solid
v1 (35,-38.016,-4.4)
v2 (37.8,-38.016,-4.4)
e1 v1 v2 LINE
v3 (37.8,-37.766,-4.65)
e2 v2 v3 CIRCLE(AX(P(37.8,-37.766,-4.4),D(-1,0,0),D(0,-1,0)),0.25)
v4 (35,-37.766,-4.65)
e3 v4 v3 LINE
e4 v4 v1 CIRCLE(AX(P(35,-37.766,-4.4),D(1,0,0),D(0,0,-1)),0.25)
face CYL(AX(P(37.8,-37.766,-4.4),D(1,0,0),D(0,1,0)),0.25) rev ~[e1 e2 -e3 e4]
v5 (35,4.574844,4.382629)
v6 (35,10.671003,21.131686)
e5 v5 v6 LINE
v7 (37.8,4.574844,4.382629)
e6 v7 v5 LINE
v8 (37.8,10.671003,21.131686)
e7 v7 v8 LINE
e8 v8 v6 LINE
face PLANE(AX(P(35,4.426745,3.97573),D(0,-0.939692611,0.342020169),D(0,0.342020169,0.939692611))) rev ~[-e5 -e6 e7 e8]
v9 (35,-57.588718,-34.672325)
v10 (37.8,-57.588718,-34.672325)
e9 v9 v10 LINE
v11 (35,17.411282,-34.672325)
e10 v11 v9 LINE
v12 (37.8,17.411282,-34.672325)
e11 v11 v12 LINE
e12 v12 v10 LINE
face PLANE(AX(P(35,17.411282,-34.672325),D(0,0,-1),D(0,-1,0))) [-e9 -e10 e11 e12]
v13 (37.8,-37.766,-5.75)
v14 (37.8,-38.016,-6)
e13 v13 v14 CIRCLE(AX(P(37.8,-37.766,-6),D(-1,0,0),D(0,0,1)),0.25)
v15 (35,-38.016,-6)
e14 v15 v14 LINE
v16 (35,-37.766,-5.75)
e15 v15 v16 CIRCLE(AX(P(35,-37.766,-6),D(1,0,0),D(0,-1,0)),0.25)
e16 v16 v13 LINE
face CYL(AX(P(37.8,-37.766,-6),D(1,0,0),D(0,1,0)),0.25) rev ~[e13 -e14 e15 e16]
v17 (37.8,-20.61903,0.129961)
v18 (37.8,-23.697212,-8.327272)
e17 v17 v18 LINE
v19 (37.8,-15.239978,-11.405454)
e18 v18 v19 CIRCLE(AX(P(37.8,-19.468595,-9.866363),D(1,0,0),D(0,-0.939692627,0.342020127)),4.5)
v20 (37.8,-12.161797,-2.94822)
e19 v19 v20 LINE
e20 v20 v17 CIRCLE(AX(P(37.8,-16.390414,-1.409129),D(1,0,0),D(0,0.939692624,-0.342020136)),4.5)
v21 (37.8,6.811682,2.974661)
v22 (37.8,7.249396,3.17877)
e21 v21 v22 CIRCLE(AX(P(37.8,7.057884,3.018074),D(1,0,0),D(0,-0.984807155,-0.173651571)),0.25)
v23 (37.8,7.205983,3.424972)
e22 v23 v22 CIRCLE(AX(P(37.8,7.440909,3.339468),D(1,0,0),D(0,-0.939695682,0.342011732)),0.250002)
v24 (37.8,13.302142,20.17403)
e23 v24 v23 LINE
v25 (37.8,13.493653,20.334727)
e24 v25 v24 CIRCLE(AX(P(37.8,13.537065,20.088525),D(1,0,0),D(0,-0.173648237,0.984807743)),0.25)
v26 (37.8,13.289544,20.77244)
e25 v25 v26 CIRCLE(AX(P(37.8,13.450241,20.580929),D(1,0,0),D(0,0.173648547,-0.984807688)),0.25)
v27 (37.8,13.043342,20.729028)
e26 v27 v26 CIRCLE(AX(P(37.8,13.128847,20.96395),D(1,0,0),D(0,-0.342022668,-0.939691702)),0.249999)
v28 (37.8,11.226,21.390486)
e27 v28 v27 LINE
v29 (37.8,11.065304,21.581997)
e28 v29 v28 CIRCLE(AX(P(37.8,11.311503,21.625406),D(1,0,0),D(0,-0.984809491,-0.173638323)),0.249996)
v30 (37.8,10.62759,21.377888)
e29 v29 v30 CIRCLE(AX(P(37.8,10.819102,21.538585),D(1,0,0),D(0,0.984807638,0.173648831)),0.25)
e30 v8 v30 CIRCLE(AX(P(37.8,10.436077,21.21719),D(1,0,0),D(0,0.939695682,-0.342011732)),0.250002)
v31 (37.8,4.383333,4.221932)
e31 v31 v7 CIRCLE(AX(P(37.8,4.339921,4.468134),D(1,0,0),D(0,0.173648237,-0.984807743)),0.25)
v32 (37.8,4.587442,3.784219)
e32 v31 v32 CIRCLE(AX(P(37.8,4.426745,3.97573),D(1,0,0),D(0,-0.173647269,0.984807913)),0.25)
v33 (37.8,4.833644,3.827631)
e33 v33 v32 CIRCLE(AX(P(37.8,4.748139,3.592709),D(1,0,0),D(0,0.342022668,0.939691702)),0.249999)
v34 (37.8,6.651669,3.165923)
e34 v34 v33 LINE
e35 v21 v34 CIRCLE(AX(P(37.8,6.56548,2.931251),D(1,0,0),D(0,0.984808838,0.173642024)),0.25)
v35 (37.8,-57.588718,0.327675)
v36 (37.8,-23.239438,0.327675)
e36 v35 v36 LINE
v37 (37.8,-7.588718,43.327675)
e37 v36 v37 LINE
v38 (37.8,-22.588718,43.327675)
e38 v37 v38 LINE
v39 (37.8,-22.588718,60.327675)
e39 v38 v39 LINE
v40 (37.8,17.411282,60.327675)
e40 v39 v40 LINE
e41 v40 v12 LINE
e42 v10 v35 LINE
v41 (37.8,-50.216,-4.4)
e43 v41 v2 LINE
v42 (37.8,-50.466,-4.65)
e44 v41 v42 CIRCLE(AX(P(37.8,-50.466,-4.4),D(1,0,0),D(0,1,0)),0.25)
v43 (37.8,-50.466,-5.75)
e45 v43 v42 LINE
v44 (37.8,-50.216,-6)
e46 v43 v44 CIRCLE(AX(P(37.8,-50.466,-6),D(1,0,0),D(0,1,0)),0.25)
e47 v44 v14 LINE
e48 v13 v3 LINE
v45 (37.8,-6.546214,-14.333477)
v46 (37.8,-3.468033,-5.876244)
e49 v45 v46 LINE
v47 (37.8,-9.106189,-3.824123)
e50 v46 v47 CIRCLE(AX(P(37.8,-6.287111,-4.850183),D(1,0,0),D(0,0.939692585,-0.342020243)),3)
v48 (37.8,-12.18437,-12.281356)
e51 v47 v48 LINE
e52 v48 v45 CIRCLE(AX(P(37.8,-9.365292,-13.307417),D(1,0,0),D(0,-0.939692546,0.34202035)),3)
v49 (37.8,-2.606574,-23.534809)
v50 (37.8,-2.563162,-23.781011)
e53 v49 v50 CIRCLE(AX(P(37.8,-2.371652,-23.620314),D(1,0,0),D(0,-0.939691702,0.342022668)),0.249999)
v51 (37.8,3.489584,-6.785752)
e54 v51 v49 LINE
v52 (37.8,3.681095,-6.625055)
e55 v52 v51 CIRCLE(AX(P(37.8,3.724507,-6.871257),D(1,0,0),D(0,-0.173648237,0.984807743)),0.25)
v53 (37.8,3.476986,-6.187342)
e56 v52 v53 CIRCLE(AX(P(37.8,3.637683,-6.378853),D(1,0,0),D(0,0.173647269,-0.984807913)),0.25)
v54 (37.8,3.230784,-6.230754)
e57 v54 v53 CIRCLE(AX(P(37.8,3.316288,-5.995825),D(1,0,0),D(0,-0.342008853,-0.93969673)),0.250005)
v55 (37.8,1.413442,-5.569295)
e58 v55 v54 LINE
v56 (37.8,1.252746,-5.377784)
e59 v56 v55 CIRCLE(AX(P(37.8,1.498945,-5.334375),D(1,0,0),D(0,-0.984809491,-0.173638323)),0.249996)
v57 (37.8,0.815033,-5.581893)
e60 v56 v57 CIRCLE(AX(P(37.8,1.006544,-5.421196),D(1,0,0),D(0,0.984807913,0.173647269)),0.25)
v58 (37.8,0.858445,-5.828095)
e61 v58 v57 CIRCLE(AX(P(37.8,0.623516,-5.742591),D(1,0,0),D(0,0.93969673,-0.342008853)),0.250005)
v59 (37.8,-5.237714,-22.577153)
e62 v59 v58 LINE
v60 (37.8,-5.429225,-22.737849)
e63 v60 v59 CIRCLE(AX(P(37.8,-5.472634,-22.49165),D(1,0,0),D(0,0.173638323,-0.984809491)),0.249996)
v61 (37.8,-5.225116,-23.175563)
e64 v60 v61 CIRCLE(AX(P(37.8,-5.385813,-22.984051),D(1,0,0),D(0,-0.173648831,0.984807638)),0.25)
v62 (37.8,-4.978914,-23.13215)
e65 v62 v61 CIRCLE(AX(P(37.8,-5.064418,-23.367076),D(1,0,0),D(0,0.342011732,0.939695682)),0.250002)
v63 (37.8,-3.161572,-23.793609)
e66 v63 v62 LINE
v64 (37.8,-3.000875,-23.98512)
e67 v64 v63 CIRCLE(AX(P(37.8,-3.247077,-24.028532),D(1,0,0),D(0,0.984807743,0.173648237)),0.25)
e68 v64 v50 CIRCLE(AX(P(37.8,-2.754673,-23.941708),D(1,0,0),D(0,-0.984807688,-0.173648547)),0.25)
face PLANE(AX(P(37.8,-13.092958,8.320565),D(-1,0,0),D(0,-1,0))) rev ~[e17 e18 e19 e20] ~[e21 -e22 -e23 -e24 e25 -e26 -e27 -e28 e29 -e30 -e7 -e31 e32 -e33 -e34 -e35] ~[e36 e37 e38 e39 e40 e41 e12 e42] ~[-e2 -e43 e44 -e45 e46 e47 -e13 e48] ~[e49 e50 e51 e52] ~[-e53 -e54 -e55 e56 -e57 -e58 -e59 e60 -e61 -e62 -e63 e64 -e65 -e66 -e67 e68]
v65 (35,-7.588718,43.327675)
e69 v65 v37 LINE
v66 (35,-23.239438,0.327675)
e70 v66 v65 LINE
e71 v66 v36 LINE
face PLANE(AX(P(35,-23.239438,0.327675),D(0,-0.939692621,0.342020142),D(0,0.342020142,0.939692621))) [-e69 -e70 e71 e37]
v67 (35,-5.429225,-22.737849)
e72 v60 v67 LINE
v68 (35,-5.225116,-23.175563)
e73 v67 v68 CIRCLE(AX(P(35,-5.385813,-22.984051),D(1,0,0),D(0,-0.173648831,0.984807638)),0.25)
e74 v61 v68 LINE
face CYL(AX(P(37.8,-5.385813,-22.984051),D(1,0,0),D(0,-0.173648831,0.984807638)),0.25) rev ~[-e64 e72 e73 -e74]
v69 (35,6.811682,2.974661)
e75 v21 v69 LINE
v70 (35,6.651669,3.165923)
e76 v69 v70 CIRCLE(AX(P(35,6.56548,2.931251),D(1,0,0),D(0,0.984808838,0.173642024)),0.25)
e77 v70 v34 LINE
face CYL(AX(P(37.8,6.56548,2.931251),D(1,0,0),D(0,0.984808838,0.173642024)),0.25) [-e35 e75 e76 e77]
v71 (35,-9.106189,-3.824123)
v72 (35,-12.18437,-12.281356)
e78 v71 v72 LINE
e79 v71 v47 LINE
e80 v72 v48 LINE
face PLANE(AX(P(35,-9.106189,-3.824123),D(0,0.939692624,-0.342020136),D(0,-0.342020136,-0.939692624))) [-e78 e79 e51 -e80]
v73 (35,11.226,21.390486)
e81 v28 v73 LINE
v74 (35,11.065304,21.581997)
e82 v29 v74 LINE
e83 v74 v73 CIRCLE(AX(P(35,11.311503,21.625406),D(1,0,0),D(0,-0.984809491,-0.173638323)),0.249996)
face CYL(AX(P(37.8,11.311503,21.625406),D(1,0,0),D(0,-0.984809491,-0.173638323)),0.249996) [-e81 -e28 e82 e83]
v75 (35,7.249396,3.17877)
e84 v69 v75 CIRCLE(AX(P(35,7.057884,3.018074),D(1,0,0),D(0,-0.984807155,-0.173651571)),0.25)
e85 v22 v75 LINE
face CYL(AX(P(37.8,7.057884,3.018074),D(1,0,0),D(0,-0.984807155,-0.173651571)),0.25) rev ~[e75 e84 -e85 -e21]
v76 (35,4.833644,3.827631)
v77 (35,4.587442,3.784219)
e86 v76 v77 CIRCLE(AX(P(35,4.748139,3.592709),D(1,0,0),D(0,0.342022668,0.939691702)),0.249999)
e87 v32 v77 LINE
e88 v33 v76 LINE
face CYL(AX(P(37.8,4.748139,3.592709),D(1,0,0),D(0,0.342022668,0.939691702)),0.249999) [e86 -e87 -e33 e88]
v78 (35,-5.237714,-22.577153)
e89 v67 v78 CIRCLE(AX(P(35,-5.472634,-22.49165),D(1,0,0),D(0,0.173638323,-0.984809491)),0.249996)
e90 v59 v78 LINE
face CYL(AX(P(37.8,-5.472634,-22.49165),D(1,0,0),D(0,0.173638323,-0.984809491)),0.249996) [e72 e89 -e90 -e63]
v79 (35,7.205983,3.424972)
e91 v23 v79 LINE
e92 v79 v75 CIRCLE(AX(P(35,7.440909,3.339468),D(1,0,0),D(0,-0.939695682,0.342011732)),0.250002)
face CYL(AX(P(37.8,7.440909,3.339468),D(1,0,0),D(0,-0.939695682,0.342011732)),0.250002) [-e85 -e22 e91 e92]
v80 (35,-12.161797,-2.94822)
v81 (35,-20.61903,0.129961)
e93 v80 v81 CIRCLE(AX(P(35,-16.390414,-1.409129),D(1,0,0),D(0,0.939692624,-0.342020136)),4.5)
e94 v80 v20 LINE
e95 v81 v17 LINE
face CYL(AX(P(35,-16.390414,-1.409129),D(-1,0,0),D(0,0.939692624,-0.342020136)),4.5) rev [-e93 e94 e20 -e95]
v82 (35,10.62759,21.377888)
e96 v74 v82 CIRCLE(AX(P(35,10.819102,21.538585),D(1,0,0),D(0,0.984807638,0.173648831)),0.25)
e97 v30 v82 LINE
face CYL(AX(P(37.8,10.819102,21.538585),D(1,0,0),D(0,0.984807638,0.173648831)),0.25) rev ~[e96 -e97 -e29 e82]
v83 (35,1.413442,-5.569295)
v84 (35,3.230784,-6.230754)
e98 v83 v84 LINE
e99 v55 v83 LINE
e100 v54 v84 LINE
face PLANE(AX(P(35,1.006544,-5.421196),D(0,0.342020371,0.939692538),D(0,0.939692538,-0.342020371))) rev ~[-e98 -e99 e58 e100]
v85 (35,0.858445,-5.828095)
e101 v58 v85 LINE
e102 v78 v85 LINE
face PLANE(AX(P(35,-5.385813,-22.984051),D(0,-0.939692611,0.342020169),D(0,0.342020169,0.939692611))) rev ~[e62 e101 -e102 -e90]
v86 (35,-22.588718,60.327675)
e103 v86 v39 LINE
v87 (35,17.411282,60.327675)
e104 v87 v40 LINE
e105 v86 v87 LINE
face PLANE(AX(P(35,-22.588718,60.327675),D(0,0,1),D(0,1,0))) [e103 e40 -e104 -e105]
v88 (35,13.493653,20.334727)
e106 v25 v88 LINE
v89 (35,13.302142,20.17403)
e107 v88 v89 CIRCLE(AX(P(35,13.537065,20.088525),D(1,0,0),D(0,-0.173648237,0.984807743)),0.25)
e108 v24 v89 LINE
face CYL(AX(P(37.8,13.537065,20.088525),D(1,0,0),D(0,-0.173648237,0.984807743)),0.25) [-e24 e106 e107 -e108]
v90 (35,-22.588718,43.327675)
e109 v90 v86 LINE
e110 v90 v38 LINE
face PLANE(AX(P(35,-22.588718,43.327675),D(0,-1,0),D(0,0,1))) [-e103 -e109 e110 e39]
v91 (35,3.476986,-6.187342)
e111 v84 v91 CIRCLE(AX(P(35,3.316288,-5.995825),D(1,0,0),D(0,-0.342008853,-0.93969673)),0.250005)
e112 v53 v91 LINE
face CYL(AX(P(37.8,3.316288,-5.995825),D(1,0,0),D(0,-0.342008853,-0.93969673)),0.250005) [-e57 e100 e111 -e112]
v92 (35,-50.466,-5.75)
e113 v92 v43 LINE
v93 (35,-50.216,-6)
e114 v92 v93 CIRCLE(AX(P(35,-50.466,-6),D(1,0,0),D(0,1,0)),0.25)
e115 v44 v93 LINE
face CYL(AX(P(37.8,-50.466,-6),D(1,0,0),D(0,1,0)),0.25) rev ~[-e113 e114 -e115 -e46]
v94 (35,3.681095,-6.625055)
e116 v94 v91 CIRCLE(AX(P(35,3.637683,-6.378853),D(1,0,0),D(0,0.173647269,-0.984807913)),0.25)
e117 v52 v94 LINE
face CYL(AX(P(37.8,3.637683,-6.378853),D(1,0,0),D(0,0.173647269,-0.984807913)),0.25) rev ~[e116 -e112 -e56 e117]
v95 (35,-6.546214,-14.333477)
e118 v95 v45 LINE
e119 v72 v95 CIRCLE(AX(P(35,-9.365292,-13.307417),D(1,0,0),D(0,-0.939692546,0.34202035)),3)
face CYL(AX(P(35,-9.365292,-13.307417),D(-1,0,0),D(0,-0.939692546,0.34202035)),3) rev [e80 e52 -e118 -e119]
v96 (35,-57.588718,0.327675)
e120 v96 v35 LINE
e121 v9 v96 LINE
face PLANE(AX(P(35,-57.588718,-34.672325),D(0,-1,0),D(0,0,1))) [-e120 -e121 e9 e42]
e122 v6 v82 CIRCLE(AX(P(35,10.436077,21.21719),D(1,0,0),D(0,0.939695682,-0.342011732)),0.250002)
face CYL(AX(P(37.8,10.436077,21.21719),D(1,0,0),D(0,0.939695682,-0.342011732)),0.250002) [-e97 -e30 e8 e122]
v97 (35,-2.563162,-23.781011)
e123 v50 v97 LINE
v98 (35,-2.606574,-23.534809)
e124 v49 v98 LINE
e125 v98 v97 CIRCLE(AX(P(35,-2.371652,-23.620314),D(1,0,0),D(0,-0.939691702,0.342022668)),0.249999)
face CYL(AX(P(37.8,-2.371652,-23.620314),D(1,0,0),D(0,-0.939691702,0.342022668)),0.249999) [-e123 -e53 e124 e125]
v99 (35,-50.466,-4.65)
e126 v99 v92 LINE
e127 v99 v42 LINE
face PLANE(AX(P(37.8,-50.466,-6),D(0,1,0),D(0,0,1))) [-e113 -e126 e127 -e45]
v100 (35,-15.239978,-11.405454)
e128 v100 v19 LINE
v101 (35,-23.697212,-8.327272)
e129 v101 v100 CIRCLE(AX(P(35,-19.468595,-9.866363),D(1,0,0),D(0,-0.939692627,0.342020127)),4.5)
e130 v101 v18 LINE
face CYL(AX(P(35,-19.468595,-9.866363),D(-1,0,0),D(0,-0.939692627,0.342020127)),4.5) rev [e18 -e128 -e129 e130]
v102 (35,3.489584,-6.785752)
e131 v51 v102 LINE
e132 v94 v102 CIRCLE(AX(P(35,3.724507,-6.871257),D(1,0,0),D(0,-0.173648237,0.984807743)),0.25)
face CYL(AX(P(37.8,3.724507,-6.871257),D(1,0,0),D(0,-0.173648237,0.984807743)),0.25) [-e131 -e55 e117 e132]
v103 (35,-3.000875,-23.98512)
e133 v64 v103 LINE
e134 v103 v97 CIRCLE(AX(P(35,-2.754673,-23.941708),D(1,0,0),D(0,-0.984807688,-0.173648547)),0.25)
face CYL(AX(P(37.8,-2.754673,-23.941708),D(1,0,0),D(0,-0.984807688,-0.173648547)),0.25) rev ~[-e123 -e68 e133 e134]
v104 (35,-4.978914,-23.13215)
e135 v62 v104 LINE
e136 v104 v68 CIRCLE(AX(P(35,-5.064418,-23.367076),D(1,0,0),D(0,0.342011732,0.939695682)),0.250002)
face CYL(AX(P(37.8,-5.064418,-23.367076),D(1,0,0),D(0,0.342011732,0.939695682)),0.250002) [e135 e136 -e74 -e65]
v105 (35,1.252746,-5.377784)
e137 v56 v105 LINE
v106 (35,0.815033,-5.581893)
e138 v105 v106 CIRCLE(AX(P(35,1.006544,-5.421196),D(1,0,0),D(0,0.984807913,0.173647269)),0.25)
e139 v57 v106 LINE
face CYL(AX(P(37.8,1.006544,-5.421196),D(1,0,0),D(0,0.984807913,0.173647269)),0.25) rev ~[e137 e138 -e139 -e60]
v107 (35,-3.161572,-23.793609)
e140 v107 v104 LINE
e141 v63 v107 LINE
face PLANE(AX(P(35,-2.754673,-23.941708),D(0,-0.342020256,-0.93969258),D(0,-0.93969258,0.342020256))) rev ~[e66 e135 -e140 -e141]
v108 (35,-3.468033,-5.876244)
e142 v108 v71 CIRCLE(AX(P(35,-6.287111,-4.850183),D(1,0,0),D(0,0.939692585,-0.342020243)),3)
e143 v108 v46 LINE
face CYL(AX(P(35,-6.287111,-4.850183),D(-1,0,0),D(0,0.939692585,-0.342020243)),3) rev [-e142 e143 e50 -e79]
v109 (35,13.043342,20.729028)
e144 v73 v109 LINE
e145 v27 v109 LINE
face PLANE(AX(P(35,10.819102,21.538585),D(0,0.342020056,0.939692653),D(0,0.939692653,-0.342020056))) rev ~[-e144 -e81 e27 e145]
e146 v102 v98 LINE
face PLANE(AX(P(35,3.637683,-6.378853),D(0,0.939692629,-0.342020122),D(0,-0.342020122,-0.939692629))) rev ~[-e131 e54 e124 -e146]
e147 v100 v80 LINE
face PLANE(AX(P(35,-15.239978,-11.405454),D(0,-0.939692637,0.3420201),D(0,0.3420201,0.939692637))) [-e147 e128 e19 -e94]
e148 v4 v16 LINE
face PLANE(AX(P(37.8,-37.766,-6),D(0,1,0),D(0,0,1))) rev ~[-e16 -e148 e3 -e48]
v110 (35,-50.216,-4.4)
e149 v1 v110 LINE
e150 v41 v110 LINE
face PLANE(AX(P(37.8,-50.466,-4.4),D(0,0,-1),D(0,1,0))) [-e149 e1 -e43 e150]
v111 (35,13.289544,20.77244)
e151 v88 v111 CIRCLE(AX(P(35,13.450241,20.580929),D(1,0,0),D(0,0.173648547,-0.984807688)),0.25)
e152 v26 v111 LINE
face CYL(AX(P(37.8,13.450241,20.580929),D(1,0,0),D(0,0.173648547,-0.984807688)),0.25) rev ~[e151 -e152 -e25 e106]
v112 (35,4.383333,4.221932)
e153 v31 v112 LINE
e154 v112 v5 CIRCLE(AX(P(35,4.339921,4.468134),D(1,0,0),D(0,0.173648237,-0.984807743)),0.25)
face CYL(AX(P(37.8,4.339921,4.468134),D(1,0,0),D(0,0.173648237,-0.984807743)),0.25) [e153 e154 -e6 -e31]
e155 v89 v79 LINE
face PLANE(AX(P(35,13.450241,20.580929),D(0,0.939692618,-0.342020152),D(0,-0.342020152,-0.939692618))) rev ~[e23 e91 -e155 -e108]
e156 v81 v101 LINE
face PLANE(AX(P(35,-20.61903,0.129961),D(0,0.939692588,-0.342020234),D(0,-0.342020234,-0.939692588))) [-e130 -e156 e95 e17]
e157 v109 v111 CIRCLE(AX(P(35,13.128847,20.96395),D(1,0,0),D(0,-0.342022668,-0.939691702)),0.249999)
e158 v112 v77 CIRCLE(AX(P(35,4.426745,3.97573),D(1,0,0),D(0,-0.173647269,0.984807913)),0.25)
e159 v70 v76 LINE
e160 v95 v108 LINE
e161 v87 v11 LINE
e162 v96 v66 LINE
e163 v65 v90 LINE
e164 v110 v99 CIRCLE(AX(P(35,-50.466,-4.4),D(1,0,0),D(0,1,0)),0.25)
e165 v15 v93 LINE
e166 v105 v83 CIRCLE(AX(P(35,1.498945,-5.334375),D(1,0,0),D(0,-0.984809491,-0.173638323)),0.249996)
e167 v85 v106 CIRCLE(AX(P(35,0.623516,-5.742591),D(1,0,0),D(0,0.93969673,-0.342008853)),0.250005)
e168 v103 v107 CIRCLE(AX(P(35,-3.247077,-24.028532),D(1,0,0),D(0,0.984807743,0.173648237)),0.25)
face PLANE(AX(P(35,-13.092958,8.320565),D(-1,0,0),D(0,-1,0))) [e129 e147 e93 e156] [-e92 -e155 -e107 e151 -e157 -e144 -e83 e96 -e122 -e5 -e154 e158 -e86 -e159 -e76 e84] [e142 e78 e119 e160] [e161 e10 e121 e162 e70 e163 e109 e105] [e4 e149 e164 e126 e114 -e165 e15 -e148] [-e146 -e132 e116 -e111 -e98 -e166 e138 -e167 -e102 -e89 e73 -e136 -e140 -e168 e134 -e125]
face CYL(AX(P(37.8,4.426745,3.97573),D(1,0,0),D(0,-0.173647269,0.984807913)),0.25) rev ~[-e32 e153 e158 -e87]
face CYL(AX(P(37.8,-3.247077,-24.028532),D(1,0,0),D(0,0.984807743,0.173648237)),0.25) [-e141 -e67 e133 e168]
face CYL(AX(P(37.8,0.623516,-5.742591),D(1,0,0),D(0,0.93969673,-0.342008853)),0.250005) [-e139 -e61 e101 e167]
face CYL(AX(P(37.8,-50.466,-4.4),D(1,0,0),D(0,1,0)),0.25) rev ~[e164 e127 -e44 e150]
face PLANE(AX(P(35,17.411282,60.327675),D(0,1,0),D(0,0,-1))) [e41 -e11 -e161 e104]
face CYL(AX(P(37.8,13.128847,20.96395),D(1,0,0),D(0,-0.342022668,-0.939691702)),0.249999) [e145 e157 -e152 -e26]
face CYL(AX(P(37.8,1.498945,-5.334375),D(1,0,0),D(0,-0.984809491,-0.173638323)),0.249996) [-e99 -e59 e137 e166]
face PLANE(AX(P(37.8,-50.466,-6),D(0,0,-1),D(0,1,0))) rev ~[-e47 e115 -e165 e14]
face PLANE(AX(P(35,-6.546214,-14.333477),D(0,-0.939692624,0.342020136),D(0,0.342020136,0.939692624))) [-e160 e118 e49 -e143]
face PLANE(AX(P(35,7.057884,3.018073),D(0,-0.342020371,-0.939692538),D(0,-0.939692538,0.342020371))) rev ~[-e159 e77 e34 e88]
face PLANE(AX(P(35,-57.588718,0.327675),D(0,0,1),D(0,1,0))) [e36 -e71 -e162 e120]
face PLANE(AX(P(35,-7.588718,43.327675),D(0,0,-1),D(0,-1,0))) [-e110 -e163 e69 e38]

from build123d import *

# Parameters (mm, degrees)
PAD001_DEPTH    = 2.8
POCKET005_DEPTH = 2.801
SKETCH021_W     = 12.7
SKETCH021_H     = 1.6
POCKET010_DEPTH = 2.801
SKETCH022_R     = 0.25
POCKET011_DEPTH = 2.801


with BuildPart() as part:
    # Sketch001 (on Face18 of ShapeBinder) → Pad001 (new body)
    with BuildSketch(Plane.YZ.offset(35)):
        Polygon((-22.588718, 60.327675), (17.411282, 60.327675), (17.411282, -34.672325), (-57.588718, -34.672325), (-57.588718, 0.327675), (-23.239438, 0.327675), (-7.588718, 43.327675), (-22.588718, 43.327675), align=None)
        with BuildLine():
            ThreePointArc((-12.161797, -2.94822), (-14.851323, 2.819487), (-20.61903, 0.129961))
            Line((-20.61903, 0.129961), (-23.697212, -8.327272))
            ThreePointArc((-23.697212, -8.327272), (-21.007685, -14.09498), (-15.239978, -11.405454))
            Line((-15.239978, -11.405454), (-12.161797, -2.94822))
        make_face(mode=Mode.SUBTRACT)
        with BuildLine():
            ThreePointArc((-3.468033, -5.876244), (-5.261051, -2.031105), (-9.106189, -3.824123))
            Line((-9.106189, -3.824123), (-12.18437, -12.281356))
            ThreePointArc((-12.18437, -12.281356), (-10.391353, -16.126495), (-6.546214, -14.333477))
            Line((-6.546214, -14.333477), (-3.468033, -5.876244))
        make_face(mode=Mode.SUBTRACT)
        Polygon((10.819102, 21.538585), (13.450241, 20.580929), (7.057884, 3.018073), (4.426745, 3.97573), align=None, mode=Mode.SUBTRACT)
        Polygon((1.006544, -5.421196), (3.637683, -6.378853), (-2.754673, -23.941708), (-5.385813, -22.984051), align=None, mode=Mode.SUBTRACT)
    extrude(amount=PAD001_DEPTH)

    # Sketch013 (on Face26 of Pad001) → Pocket005 (cut, through all)
    with BuildSketch(Plane.YZ.offset(37.8)):
        with BuildLine():
            ThreePointArc((1.252746, -5.377784), (0.900889, -5.194619), (0.815033, -5.581893))
            ThreePointArc((0.858445, -5.828095), (0.869723, -5.699178), (0.815033, -5.581893))
            Line((0.858445, -5.828095), (1.413442, -5.569295))
            ThreePointArc((1.252746, -5.377784), (1.307436, -5.495069), (1.413442, -5.569295))
        make_face()
        with BuildLine():
            ThreePointArc((3.681095, -6.625055), (3.86426, -6.273198), (3.476986, -6.187342))
            ThreePointArc((3.230784, -6.230754), (3.359701, -6.242032), (3.476986, -6.187342))
            Line((3.489584, -6.785752), (3.230784, -6.230754))
            ThreePointArc((3.681095, -6.625055), (3.56381, -6.679746), (3.489584, -6.785752))
        make_face()
        with BuildLine():
            ThreePointArc((-5.429225, -22.737849), (-5.61239, -23.089706), (-5.225116, -23.175563))
            ThreePointArc((-4.978914, -23.13215), (-5.107831, -23.120872), (-5.225116, -23.175563))
            Line((-5.237714, -22.577153), (-4.978914, -23.13215))
            ThreePointArc((-5.429225, -22.737849), (-5.31194, -22.683159), (-5.237714, -22.577153))
        make_face()
        with BuildLine():
            ThreePointArc((-3.000875, -23.98512), (-2.649019, -24.168285), (-2.563162, -23.781011))
            ThreePointArc((-2.606574, -23.534809), (-2.617853, -23.663726), (-2.563162, -23.781011))
            Line((-2.606574, -23.534809), (-3.161572, -23.793609))
            ThreePointArc((-3.000875, -23.98512), (-3.055566, -23.867835), (-3.161572, -23.793609))
        make_face()
        with BuildLine():
            ThreePointArc((11.065304, 21.581997), (10.713447, 21.765162), (10.62759, 21.377888))
            ThreePointArc((10.671003, 21.131686), (10.682281, 21.260603), (10.62759, 21.377888))
            Line((10.671003, 21.131686), (11.226, 21.390486))
            ThreePointArc((11.065304, 21.581997), (11.119994, 21.464712), (11.226, 21.390486))
        make_face()
        with BuildLine():
            ThreePointArc((13.493653, 20.334727), (13.676818, 20.686583), (13.289544, 20.77244))
            ThreePointArc((13.043342, 20.729028), (13.172259, 20.717749), (13.289544, 20.77244))
            Line((13.302142, 20.17403), (13.043342, 20.729028))
            ThreePointArc((13.493653, 20.334727), (13.376368, 20.280036), (13.302142, 20.17403))
        make_face()
        with BuildLine():
            ThreePointArc((4.383333, 4.221932), (4.200168, 3.870075), (4.587442, 3.784219))
            ThreePointArc((4.833644, 3.827631), (4.704727, 3.83891), (4.587442, 3.784219))
            Line((4.574844, 4.382629), (4.833644, 3.827631))
            ThreePointArc((4.383333, 4.221932), (4.500618, 4.276623), (4.574844, 4.382629))
        make_face()
        with BuildLine():
            ThreePointArc((6.811682, 2.974661), (7.163539, 2.791497), (7.249396, 3.17877))
            ThreePointArc((7.205983, 3.424972), (7.194705, 3.296055), (7.249396, 3.17877))
            Line((7.205983, 3.424972), (6.650986, 3.166173))
            ThreePointArc((6.811682, 2.974661), (6.756992, 3.091946), (6.650986, 3.166173))
        make_face()
    extrude(amount=-POCKET005_DEPTH, mode=Mode.SUBTRACT)

    # Sketch021 (on Face5 of Pocket005) → Pocket010 (cut, through all)
    with BuildSketch(Plane.YZ.offset(37.8)):
        with Locations((-44.116, -5.2)):
            Rectangle(SKETCH021_W, SKETCH021_H)
    extrude(amount=-POCKET010_DEPTH, mode=Mode.SUBTRACT)

    # Sketch022 (on Face5 of Pocket010) → Pocket011 (cut, through all)
    with BuildSketch(Plane.YZ.offset(37.8)):
        with Locations((-50.466, -4.4)):
            Circle(SKETCH022_R)
        with Locations((-37.766, -4.4)):
            Circle(SKETCH022_R)
        with Locations((-37.766, -6)):
            Circle(SKETCH022_R)
        with Locations((-50.466, -6)):
            Circle(SKETCH022_R)
    extrude(amount=-POCKET011_DEPTH, mode=Mode.SUBTRACT)


solid = part.part
